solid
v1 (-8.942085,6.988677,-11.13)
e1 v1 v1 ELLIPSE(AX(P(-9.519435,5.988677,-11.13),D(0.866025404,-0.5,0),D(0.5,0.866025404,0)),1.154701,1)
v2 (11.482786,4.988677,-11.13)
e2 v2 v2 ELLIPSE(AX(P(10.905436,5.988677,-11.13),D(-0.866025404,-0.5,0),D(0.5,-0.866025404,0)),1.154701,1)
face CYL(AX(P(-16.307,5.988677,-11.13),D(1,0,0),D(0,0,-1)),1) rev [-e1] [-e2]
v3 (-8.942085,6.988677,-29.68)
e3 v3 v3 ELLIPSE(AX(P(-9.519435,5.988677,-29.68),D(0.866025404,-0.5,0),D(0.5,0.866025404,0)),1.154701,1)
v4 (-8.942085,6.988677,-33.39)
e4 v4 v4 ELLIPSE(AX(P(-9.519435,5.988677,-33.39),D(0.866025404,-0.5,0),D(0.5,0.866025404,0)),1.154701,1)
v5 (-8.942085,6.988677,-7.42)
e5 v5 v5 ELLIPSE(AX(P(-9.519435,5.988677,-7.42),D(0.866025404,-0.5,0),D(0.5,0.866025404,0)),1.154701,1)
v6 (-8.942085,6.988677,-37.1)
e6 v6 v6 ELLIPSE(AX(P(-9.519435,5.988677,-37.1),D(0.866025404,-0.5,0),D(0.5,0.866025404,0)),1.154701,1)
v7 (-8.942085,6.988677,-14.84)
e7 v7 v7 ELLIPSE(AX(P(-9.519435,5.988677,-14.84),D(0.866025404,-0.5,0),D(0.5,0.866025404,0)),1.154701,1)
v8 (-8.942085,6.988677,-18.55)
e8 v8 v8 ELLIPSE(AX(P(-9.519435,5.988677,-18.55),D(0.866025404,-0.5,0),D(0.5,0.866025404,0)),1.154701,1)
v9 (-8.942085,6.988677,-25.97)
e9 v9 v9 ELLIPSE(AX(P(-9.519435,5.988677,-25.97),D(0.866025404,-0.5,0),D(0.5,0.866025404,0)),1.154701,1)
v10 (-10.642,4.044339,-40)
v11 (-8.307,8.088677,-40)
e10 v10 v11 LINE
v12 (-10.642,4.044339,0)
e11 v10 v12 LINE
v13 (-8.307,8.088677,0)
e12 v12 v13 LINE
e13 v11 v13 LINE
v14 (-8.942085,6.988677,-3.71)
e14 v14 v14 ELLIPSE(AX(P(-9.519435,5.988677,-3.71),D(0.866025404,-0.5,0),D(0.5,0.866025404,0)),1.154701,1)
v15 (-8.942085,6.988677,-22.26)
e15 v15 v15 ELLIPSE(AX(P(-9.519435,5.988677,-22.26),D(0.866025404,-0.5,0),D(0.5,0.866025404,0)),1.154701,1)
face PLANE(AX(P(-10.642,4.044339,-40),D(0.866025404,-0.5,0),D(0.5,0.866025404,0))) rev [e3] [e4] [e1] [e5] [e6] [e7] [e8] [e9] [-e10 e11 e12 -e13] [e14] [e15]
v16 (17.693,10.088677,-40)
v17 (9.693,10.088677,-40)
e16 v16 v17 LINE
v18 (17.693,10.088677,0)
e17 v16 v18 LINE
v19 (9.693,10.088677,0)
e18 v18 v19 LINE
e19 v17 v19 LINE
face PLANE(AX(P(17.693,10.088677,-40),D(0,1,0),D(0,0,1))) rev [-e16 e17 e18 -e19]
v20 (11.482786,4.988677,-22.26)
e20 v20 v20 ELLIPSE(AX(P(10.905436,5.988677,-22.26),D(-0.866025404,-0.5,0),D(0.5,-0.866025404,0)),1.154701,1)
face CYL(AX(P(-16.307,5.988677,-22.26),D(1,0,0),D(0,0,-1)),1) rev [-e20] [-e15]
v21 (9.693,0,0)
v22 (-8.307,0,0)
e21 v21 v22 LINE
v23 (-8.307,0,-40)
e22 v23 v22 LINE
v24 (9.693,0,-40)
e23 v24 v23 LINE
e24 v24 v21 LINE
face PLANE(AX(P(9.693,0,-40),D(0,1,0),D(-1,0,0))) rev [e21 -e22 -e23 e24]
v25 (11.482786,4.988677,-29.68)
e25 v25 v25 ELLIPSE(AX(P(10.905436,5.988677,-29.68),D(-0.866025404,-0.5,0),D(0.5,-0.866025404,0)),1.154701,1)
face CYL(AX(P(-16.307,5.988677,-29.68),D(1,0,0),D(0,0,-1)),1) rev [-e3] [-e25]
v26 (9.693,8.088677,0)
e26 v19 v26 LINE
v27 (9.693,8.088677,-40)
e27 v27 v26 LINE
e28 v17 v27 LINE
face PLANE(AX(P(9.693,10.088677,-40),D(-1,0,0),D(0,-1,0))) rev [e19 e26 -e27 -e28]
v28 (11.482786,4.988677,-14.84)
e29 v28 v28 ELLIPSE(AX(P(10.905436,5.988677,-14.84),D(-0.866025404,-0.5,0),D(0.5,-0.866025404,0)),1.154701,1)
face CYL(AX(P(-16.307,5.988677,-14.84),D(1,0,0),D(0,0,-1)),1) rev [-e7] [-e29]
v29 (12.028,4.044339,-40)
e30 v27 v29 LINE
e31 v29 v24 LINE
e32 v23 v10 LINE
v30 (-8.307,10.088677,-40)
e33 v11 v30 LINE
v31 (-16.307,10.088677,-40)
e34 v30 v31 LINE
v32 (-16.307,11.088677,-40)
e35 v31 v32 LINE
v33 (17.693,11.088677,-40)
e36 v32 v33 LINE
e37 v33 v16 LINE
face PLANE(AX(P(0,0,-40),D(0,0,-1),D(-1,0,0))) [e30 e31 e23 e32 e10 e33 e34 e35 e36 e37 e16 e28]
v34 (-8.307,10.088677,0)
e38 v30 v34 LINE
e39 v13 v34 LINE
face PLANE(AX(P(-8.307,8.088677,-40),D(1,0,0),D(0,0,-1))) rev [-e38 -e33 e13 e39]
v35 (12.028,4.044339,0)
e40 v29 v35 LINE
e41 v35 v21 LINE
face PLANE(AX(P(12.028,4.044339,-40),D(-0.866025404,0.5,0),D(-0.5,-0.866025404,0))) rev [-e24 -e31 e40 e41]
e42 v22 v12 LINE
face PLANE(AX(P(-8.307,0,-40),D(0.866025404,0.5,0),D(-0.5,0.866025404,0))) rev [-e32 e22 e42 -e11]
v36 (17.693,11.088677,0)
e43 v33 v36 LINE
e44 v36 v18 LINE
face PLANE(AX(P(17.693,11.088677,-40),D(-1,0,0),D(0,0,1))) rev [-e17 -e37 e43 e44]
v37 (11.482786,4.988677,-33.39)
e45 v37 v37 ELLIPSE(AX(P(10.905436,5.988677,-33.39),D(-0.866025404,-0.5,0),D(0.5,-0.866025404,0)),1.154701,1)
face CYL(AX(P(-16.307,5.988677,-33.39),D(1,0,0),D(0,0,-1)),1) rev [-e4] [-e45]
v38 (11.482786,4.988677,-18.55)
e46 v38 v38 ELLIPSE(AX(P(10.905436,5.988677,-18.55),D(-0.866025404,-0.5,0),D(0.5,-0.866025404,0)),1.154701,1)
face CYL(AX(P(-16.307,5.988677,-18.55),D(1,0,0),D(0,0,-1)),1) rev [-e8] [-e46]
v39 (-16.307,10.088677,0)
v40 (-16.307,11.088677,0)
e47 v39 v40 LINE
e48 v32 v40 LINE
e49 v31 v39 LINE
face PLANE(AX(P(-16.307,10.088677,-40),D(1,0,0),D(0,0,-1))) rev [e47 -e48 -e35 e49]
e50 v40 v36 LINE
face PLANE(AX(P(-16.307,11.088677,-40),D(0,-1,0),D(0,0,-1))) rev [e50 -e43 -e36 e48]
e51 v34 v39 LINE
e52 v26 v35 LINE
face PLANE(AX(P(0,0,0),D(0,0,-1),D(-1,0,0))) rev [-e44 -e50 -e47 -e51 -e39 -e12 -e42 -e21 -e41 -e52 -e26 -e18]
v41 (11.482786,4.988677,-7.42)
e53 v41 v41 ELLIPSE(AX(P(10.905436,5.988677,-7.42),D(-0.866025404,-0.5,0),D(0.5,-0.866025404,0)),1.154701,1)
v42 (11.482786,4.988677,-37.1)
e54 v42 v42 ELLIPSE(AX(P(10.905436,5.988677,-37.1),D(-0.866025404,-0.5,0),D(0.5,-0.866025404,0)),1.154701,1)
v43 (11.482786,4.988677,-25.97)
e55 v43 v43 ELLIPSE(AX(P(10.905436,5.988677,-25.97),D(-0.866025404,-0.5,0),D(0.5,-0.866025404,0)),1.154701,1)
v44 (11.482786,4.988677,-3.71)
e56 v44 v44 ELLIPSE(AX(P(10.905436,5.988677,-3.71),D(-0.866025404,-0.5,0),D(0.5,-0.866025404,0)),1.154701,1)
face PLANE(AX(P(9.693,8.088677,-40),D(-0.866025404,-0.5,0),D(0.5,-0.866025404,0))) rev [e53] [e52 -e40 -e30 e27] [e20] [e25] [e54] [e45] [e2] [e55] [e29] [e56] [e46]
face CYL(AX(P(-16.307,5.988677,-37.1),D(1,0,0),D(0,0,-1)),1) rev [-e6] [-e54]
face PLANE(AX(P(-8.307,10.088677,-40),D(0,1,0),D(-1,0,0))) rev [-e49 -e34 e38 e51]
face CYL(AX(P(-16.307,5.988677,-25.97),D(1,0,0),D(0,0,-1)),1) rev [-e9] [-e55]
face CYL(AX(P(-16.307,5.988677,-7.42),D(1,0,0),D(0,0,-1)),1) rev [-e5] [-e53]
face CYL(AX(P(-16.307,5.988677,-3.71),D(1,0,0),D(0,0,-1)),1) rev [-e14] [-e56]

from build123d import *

# Parameters (mm, degrees)
BOSS_EXTRUDE1_DEPTH = 40
SKETCH2_R           = 1
CUT_EXTRUDE1_DEPTH  = 46.122068075
LPATTERN1_COUNT     = 10
LPATTERN1_PITCH     = 3.71


with BuildPart() as part:
    # Sketch1 → Boss-Extrude1 (new body)
    with BuildSketch(Plane.XY):
        Polygon((9.693000417, 0), (-8.306999583, 0), (-10.641999583, 4.044338636), (-8.306999583, 8.088677271), (-8.306999583, 10.088677271), (-16.306999583, 10.088677271), (-16.306999583, 11.088677271), (17.693000417, 11.088677271), (17.693000417, 10.088677271), (9.693000417, 10.088677271), (9.693000417, 8.088677271), (12.028000417, 4.044338636), align=None)
    extrude(amount=-BOSS_EXTRUDE1_DEPTH)

    # Sketch2 → Cut-Extrude1 (cut, symmetric)
    with BuildSketch(Plane(origin=(0, 0, 0), x_dir=(0, 0, -1), z_dir=(1, 0, 0))):
        with Locations(Location((3.71, 5.988677271, 0), (0, 0, 90))):
            Circle(SKETCH2_R)
    cut_extrude1 = extrude(amount=CUT_EXTRUDE1_DEPTH, both=True, mode=Mode.SUBTRACT)

    # LPattern1: Cut-Extrude1 ×10
    with Locations(*[(0, 0, -i * LPATTERN1_PITCH) for i in range(1, LPATTERN1_COUNT)]):
        add(cut_extrude1, mode=Mode.SUBTRACT)


solid = part.part
